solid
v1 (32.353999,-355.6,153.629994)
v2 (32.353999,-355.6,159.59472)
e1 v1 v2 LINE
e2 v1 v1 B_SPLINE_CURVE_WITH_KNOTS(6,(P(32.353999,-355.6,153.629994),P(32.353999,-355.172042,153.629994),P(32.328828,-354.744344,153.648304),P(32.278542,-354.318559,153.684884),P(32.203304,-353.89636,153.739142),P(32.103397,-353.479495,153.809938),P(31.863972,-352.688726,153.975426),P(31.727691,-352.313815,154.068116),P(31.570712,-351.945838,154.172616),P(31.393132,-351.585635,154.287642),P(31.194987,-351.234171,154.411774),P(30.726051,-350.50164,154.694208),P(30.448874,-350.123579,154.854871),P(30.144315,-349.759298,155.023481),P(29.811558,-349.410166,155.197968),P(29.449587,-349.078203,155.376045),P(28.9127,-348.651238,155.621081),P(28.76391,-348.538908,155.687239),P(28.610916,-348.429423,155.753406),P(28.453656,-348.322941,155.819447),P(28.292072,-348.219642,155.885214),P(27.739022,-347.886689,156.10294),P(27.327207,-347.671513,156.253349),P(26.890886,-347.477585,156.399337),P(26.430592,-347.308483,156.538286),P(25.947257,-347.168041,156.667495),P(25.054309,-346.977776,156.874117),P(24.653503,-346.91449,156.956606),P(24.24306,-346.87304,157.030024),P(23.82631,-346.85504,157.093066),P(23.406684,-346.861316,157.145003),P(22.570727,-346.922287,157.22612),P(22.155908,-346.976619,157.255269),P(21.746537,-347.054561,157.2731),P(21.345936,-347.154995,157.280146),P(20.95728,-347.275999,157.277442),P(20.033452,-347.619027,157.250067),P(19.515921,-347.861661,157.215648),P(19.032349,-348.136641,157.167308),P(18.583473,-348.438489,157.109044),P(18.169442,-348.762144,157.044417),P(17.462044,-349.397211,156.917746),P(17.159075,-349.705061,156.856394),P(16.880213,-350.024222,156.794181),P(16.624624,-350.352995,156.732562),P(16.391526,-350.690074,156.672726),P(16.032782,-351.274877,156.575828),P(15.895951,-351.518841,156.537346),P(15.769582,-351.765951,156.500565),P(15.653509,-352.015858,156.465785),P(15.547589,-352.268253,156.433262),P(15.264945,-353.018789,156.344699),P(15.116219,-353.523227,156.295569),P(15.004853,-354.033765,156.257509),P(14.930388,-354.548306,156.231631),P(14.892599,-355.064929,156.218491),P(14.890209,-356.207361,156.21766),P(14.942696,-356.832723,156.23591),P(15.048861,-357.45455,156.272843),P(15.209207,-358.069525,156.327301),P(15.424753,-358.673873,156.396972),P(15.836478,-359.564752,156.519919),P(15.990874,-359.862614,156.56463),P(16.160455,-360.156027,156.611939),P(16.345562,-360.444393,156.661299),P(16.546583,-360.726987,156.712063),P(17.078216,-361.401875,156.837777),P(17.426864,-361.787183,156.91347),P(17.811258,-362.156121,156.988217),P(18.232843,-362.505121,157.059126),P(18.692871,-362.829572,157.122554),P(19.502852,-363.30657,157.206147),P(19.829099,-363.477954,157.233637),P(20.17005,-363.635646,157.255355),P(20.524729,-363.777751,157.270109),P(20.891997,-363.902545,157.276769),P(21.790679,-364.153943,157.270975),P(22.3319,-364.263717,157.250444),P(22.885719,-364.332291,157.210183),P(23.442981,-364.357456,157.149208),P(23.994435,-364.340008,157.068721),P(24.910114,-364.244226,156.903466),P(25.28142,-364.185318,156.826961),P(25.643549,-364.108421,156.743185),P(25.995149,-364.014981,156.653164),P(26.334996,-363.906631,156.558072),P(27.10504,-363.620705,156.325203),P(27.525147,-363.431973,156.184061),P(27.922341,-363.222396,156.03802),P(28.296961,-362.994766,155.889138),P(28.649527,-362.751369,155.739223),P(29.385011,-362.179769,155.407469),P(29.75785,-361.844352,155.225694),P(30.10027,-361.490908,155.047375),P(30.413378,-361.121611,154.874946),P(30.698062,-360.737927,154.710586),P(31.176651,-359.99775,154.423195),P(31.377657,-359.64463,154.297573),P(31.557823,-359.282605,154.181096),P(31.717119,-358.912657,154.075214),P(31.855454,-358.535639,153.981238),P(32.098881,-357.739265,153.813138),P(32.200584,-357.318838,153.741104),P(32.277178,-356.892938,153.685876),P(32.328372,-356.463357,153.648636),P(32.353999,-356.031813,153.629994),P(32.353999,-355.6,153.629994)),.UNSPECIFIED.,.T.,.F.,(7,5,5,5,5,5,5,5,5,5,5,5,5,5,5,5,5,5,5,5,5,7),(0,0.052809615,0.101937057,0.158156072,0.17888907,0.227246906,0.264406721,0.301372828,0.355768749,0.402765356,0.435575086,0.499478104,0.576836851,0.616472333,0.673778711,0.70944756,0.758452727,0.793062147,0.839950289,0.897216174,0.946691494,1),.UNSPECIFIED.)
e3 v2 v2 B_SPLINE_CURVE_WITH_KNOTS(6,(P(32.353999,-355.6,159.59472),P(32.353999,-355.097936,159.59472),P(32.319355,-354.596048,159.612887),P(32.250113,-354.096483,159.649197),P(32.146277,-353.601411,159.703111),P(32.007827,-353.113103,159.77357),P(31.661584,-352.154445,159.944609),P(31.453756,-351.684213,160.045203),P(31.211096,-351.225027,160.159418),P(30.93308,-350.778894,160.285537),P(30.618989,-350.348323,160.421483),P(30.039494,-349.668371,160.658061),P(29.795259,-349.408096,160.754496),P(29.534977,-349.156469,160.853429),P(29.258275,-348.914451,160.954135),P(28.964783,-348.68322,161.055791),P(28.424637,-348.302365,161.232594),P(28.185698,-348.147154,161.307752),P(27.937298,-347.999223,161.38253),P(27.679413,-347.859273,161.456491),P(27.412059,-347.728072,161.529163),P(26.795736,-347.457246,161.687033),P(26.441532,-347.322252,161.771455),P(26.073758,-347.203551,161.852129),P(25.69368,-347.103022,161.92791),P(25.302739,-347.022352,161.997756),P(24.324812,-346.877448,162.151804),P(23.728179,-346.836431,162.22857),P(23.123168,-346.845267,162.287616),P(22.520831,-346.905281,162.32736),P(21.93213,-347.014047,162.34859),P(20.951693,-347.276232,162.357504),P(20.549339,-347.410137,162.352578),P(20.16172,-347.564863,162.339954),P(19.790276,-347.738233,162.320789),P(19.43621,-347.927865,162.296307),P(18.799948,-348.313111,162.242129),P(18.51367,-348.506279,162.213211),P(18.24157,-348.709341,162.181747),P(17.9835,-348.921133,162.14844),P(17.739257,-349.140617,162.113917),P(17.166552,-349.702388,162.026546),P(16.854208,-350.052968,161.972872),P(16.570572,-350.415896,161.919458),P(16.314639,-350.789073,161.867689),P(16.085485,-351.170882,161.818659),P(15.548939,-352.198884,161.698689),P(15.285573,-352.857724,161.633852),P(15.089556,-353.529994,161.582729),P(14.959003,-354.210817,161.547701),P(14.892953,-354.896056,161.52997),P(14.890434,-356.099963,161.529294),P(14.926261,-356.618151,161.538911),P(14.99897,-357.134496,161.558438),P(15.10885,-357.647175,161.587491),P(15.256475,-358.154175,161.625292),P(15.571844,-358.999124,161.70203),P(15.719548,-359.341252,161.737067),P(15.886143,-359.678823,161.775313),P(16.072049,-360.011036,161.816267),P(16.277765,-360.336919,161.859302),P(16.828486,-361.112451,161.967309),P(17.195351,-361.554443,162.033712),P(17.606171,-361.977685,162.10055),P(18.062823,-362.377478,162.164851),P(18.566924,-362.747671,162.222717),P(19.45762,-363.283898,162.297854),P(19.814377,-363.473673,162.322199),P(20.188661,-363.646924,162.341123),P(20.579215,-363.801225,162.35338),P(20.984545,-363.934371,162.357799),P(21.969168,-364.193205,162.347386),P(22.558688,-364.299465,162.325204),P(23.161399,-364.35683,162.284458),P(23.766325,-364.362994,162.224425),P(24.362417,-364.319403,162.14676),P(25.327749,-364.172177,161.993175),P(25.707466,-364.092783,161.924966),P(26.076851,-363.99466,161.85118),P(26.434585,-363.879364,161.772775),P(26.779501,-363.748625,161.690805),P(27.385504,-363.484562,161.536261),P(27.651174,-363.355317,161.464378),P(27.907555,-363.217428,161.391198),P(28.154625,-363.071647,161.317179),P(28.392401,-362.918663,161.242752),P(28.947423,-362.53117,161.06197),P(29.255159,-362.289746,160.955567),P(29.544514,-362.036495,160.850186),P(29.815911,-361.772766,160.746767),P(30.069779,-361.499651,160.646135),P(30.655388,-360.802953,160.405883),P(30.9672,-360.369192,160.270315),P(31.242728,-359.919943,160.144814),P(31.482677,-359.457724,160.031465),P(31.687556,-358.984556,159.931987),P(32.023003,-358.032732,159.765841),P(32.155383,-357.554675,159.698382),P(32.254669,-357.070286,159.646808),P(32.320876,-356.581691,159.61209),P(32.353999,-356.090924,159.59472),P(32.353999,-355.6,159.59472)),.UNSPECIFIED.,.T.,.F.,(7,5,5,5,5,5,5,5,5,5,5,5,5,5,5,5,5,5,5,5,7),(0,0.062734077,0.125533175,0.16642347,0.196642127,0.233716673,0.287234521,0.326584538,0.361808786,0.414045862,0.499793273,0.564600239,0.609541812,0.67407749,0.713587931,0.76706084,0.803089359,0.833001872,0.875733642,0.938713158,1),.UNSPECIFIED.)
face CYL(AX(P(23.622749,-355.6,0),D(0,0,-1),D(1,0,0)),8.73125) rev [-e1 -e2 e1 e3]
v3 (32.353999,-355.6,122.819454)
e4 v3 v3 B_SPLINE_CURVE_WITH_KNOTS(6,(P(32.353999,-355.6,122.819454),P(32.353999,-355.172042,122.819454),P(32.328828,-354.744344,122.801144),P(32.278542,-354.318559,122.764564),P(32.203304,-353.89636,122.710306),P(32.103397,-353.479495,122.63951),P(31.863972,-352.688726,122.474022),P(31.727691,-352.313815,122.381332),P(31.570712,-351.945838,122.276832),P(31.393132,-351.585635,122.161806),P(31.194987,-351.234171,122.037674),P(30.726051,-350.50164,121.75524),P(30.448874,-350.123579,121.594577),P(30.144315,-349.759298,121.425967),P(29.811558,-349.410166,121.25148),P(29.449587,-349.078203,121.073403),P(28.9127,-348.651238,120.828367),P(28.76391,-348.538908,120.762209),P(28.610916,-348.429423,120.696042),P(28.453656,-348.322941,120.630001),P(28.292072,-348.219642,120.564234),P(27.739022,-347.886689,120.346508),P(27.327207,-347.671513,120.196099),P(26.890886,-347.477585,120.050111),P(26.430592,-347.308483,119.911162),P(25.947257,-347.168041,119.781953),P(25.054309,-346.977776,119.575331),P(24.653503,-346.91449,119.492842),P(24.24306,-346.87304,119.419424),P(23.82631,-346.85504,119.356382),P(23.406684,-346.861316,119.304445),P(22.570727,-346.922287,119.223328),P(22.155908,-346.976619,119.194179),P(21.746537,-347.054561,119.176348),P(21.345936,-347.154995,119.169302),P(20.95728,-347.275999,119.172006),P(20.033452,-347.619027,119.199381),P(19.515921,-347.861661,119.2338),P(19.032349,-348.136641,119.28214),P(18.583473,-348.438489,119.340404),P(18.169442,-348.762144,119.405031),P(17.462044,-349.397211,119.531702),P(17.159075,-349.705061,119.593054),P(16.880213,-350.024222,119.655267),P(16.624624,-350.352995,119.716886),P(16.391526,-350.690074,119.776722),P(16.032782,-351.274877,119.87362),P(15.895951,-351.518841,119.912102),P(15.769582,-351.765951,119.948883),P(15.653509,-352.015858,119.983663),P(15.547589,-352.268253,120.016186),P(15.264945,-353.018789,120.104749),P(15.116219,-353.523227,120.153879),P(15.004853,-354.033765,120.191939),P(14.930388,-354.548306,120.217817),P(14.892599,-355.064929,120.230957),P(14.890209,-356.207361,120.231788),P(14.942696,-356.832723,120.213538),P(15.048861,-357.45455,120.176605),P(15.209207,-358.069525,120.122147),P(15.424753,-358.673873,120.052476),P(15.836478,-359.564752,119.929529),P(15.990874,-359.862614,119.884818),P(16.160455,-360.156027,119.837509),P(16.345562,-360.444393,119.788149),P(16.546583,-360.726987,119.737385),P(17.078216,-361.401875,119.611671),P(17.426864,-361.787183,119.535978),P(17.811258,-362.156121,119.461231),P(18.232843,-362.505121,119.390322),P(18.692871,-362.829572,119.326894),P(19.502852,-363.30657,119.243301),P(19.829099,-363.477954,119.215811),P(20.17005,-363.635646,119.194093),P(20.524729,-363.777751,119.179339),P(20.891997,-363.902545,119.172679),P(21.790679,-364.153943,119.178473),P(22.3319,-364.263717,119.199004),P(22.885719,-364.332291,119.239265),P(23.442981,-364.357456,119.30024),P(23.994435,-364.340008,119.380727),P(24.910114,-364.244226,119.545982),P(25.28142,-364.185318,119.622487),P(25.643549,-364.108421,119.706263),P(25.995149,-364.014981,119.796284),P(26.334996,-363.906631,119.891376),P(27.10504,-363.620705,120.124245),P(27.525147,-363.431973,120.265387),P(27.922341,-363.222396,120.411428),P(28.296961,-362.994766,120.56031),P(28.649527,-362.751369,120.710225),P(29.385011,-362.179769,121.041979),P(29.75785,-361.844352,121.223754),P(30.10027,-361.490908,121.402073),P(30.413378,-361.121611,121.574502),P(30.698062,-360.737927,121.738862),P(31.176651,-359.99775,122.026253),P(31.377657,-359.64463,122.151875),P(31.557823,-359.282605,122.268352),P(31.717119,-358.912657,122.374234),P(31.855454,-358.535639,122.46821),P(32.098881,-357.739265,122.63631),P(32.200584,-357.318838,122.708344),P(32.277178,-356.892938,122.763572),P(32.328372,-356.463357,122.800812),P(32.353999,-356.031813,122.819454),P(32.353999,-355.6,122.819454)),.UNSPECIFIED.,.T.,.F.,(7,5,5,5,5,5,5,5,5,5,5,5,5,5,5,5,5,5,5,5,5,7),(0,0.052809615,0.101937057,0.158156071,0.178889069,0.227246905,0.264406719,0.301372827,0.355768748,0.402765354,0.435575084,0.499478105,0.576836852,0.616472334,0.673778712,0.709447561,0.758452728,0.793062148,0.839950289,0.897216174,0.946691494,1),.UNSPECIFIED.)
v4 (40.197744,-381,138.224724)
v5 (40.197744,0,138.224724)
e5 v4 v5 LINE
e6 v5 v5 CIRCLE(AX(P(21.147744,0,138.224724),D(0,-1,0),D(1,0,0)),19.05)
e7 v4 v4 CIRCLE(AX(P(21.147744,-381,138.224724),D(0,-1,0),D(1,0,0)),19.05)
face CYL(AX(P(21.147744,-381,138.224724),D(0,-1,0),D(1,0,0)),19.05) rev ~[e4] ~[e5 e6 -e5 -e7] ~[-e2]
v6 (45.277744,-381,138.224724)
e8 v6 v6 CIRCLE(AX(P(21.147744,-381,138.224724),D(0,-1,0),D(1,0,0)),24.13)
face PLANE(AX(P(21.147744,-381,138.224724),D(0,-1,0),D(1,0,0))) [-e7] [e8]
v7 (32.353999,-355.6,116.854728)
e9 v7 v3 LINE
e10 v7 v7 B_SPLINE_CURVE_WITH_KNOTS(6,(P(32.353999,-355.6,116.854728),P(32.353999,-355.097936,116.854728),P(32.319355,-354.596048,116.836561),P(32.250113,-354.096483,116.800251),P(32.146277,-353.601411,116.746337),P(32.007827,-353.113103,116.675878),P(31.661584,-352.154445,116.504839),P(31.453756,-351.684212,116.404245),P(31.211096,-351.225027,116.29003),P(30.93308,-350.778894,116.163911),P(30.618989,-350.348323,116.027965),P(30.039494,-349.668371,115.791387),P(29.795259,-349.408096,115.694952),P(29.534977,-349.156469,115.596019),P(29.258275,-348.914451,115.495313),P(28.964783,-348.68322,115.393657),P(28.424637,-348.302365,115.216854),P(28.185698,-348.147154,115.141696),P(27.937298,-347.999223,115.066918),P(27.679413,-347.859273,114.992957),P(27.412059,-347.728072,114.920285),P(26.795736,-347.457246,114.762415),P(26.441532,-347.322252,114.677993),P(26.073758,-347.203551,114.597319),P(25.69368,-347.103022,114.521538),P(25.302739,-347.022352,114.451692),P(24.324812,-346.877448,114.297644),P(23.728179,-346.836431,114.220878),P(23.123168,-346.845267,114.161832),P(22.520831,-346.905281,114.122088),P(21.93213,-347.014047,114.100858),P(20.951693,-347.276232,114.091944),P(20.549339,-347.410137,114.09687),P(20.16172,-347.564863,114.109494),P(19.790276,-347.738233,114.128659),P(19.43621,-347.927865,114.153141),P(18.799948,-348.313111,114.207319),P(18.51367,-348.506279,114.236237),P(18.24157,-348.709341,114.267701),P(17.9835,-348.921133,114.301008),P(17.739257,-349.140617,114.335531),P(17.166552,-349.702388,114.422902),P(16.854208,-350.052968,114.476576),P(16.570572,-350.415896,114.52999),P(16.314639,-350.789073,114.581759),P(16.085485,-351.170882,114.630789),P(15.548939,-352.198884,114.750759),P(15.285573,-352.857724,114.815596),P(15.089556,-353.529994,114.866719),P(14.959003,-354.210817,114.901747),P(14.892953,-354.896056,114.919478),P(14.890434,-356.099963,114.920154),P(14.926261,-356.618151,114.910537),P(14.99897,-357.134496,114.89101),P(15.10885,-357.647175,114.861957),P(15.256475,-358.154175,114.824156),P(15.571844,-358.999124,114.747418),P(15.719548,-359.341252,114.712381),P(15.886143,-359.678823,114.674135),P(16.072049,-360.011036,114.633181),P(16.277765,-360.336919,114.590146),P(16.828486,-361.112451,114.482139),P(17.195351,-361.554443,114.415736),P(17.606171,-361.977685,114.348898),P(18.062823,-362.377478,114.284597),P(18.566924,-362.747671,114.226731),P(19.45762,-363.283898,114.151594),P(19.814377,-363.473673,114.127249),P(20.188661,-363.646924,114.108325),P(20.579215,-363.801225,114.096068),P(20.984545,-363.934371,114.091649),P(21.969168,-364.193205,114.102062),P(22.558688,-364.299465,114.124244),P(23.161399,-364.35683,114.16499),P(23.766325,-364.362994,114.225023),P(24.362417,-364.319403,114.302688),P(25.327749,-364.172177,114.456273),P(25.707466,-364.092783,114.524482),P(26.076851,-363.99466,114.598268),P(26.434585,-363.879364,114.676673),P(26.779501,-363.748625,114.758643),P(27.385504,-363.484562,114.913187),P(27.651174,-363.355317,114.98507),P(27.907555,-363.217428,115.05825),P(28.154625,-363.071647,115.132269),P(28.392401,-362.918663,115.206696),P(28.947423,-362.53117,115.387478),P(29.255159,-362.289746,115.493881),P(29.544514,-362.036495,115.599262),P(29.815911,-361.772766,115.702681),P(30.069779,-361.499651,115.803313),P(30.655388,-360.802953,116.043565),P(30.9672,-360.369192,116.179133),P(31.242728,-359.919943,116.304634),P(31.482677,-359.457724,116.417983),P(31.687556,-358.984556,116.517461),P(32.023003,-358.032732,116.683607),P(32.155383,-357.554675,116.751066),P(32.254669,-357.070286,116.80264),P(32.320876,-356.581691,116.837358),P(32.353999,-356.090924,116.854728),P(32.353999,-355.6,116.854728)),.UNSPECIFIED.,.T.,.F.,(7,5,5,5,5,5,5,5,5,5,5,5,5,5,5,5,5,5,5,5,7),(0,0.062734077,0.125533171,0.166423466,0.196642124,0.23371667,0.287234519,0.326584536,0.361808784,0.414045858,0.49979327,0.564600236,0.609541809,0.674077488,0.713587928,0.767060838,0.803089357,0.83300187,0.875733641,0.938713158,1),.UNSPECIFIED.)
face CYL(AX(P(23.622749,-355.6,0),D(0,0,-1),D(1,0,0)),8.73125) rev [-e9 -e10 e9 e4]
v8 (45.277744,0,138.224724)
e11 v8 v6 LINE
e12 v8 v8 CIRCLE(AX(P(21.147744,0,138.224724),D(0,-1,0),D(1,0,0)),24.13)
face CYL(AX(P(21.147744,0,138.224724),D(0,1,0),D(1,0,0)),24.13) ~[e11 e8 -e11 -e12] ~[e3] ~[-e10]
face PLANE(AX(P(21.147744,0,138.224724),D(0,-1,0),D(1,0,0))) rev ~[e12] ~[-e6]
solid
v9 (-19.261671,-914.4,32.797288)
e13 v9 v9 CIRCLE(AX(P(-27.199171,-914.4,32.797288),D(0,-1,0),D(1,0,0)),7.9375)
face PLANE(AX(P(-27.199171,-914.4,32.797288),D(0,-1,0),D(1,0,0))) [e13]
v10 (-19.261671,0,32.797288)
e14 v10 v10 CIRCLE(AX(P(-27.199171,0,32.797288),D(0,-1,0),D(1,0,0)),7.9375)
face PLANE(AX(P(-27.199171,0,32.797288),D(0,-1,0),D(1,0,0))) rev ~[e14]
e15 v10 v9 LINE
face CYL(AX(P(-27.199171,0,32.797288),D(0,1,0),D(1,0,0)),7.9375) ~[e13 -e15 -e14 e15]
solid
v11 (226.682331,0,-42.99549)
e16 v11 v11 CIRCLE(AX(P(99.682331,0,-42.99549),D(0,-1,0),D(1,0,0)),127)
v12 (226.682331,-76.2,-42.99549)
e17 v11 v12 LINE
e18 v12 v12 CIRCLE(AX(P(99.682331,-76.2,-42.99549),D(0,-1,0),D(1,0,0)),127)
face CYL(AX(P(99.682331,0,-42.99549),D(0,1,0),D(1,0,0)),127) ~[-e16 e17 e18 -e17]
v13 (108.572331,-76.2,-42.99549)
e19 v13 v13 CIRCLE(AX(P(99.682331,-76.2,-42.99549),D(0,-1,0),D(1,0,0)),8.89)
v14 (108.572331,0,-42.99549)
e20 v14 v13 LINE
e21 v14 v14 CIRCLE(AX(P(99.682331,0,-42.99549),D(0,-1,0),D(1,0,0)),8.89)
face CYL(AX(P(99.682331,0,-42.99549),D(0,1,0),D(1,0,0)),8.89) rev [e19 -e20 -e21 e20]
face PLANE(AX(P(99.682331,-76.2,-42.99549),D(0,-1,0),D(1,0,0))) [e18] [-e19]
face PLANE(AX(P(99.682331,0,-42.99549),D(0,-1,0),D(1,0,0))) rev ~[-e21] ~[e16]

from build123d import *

# Parameters (mm, degrees)
F0_R     = 7.9375
F1_DEPTH = 914.4
F0_R_2   = 127
F0_R_3   = 8.89
F2_DEPTH = 76.2
F0_R_4   = 24.13
F3_DEPTH = 381
F4_R     = 19.05
F5_DEPTH = 381.001
F6_R     = 8.73125
F7_DEPTH = 254


with BuildPart() as f1:
    # F0 (on Front) → F1 (new body)
    with BuildSketch(Plane.XZ):
        with Locations((-27.199171, 32.797288)):
            Circle(F0_R)
    extrude(amount=F1_DEPTH)


with BuildPart() as f2:
    # F0 (on Front) → F2 (new body)
    with BuildSketch(Plane.XZ):
        with Locations((99.682331, -42.99549)):
            Circle(F0_R_2)
        with Locations((99.682331, -42.99549)):
            Circle(F0_R_3, mode=Mode.SUBTRACT)
    extrude(amount=F2_DEPTH)


with BuildPart() as f3:
    # F0 (on Front) → F3 (new body)
    with BuildSketch(Plane.XZ):
        with Locations((21.147744, 138.224724)):
            Circle(F0_R_4)
    extrude(amount=F3_DEPTH)

    # F4 (on face) → F5 (cut, through all)
    with BuildSketch(Plane.XZ.offset(381)):
        with Locations((21.147744, 138.224724)):
            Circle(F4_R)
    extrude(amount=-F5_DEPTH, mode=Mode.SUBTRACT)

    # F6 (on Top) → F7 (cut)
    with BuildSketch(Plane.XY):
        with Locations((23.622749, -355.6)):
            Circle(F6_R)
    extrude(amount=F7_DEPTH, mode=Mode.SUBTRACT)


solid = Compound([f1.part, f2.part, f3.part])
